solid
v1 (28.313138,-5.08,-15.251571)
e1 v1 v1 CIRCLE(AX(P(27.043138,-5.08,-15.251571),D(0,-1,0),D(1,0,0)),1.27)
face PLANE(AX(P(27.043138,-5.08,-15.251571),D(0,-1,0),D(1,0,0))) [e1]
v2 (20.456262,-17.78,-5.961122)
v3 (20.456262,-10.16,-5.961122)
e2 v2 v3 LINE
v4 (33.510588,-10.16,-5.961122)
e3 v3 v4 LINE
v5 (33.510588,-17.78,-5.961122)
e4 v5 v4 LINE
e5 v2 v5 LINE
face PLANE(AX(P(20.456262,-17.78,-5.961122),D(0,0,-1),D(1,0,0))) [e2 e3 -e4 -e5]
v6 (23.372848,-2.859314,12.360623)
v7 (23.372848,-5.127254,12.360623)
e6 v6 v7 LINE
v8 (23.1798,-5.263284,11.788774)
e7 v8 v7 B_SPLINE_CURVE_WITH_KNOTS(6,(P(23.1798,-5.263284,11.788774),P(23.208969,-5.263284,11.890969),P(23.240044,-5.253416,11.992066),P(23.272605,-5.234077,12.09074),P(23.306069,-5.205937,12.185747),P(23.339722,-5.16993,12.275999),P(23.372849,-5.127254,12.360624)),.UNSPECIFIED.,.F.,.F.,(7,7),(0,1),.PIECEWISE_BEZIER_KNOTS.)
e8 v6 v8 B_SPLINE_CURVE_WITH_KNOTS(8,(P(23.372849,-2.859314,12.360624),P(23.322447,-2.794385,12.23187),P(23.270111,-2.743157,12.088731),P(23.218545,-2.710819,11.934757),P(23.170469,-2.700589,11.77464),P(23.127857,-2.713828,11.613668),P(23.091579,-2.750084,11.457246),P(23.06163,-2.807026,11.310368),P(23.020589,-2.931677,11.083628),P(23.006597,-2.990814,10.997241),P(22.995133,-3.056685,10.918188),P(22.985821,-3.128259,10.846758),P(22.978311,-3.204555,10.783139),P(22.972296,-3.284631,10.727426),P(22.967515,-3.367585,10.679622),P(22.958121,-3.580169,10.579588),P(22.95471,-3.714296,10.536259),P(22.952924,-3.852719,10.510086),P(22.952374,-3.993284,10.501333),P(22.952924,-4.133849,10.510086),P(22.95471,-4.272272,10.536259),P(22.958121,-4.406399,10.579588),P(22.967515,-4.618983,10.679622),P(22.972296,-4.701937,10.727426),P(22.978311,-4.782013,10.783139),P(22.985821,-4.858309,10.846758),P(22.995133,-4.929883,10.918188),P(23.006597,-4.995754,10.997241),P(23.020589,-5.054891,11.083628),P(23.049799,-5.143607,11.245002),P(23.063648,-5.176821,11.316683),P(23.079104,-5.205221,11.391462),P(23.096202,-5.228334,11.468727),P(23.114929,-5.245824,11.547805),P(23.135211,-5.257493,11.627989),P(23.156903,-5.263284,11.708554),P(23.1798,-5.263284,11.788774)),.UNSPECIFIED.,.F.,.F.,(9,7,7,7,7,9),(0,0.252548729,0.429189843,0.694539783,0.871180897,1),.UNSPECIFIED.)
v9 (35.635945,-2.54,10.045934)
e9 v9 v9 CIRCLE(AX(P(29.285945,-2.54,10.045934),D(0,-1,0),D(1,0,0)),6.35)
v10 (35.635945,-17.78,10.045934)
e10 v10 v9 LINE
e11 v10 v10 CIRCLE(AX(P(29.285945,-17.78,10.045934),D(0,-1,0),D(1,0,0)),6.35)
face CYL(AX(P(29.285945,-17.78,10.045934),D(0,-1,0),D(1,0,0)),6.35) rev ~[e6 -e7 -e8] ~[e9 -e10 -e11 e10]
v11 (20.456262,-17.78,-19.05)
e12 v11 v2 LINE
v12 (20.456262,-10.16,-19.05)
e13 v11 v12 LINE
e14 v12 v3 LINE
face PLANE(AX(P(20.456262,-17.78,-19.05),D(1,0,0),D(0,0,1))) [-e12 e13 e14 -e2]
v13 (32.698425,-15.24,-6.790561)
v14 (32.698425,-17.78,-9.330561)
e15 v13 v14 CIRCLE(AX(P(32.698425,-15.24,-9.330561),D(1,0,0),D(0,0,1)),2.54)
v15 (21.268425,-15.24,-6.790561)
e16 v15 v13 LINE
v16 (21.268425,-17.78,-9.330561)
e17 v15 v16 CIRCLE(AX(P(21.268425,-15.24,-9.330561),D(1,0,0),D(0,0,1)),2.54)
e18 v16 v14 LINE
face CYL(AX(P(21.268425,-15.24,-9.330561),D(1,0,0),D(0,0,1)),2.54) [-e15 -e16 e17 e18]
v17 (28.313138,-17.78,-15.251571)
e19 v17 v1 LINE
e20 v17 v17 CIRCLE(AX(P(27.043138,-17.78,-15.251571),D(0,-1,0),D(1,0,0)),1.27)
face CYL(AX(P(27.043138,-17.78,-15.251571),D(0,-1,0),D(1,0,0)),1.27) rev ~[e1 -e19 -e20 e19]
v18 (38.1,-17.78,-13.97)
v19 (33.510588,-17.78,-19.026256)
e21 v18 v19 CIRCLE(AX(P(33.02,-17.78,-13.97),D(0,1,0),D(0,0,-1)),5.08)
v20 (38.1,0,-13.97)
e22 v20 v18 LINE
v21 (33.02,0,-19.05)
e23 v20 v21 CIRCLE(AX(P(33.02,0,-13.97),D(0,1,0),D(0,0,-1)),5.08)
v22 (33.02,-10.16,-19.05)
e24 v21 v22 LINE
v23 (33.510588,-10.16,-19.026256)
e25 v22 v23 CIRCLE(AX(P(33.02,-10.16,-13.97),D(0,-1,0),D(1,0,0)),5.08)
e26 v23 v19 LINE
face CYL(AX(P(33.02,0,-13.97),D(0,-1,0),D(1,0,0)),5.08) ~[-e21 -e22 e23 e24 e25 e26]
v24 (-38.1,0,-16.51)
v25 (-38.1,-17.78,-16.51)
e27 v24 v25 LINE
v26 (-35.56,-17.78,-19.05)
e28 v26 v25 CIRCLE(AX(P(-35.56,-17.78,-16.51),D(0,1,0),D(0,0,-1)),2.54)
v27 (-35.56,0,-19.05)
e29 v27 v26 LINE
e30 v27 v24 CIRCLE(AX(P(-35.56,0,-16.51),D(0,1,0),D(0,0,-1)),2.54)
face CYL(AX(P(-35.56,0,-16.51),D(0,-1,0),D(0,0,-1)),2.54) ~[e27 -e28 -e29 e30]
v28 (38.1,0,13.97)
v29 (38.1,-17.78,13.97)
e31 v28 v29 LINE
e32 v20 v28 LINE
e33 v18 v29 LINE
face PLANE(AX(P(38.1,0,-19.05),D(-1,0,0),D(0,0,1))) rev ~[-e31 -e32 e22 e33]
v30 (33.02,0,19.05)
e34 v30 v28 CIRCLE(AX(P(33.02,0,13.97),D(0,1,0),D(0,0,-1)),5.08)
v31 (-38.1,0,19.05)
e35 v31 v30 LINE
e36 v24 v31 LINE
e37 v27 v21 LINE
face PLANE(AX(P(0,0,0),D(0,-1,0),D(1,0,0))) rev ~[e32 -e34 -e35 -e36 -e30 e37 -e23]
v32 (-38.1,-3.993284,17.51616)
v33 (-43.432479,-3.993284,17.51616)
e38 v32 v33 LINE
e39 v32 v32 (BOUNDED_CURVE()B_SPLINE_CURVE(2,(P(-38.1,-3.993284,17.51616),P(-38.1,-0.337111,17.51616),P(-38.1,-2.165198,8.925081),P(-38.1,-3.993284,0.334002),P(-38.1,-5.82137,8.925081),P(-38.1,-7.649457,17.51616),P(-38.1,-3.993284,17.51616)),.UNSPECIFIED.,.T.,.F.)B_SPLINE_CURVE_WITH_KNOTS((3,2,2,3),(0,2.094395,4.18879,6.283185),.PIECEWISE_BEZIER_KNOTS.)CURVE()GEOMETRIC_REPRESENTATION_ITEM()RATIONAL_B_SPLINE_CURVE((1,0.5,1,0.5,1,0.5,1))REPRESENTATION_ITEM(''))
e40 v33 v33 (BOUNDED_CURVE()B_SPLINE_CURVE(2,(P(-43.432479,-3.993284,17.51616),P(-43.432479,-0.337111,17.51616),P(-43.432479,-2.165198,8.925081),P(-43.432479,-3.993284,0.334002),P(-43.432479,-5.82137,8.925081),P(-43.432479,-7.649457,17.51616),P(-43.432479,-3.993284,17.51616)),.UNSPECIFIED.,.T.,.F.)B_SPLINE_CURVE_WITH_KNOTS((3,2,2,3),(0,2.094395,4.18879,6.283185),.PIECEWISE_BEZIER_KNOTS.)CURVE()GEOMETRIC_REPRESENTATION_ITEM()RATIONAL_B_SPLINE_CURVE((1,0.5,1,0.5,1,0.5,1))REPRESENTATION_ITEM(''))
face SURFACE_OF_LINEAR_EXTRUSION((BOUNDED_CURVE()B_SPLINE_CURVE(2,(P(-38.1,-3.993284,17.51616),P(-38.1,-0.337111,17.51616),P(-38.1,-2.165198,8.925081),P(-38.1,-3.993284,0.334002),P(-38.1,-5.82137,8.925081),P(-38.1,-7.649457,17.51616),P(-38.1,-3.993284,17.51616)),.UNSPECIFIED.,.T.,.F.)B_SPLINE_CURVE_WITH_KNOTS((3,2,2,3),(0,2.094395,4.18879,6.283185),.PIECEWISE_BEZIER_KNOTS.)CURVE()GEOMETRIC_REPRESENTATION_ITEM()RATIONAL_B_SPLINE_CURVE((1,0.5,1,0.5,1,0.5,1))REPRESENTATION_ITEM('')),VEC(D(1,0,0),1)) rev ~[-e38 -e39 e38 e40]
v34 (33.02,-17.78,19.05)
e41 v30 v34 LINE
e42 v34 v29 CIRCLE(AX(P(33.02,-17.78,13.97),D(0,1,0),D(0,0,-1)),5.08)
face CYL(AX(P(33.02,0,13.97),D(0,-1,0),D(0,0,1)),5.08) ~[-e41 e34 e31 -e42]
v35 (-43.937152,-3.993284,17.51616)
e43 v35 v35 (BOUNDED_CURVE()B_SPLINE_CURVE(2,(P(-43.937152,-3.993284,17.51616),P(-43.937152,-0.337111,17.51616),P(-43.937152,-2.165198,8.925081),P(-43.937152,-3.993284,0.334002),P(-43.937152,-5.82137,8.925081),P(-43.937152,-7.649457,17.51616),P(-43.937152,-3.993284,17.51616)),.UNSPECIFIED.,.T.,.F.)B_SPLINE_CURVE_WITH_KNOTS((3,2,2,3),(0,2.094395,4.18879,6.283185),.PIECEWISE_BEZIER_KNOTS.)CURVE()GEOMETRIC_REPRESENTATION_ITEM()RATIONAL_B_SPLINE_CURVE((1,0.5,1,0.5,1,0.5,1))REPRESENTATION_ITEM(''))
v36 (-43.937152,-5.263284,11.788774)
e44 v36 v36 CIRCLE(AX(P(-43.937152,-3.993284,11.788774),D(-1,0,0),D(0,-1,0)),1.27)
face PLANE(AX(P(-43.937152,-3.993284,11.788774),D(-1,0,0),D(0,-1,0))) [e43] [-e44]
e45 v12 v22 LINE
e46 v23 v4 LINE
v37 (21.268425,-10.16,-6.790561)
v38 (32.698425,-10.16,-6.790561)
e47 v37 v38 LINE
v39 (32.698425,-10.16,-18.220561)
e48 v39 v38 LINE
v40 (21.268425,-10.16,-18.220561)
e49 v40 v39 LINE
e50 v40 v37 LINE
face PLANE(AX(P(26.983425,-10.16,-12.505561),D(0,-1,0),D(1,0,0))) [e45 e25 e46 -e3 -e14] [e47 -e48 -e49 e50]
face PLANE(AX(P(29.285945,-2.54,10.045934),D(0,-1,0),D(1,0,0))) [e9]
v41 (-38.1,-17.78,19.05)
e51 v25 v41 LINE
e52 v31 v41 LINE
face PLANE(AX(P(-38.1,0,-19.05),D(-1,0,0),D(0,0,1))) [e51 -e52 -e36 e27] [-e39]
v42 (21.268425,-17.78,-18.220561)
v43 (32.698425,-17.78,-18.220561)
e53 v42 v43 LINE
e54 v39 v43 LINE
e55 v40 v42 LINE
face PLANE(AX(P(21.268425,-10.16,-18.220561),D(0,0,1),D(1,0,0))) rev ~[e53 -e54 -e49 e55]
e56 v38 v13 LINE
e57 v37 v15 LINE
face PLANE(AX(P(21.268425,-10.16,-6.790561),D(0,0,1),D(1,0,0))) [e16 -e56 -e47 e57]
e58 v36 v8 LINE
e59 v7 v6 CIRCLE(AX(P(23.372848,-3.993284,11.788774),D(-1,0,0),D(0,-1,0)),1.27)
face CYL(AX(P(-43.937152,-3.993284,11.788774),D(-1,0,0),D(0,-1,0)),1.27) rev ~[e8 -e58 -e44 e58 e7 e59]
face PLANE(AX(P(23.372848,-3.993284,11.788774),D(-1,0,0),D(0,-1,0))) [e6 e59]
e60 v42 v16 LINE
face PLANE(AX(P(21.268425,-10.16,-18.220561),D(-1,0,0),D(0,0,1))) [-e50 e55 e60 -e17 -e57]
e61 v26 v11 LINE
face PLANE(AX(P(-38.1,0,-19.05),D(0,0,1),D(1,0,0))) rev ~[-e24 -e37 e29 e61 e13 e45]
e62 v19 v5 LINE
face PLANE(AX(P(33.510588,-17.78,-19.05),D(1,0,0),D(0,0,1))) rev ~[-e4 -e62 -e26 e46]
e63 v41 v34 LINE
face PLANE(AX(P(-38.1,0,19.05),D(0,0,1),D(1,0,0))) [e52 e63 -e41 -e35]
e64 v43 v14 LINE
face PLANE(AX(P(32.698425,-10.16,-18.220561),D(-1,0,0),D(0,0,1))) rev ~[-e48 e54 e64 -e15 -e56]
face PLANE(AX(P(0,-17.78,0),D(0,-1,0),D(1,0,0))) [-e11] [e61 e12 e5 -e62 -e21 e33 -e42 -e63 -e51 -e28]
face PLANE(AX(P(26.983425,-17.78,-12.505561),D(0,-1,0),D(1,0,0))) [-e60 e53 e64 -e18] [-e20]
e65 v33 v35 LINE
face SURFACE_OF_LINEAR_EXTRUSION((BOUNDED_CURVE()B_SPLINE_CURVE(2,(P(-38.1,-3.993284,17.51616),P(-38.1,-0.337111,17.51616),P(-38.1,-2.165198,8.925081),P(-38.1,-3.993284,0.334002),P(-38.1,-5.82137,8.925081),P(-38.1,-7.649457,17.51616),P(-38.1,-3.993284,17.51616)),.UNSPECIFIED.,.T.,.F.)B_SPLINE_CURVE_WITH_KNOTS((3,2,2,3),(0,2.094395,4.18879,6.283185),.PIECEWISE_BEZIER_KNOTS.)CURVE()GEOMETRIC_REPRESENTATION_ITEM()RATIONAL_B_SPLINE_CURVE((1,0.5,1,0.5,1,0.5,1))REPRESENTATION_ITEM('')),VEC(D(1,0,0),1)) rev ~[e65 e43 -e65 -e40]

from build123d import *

# Parameters (mm, degrees)
F0_W      = 76.2
F0_H      = 38.1
F1_DEPTH  = 17.78
F2_R      = 6.35
F3_DEPTH  = 15.24
F5_DEPTH  = 5.332479
F6_DEPTH  = 5.837152
F7_R      = 1.27
F8_DEPTH  = 67.31
F9_R      = 5.08
F10_R     = 5.08
F11_W     = 13.054326
F11_H     = 13.088878
F12_DEPTH = 7.62
F13_W     = 11.43
F13_H     = 11.43
F14_DEPTH = 7.62
F15_R     = 2.54
F16_R     = 1.27
F17_DEPTH = 12.7
F18_R     = 2.54


with BuildPart() as f1:
    # F0 (on Front) → F1 (new body)
    with BuildSketch(Plane.XZ):
        Rectangle(F0_W, F0_H)
    extrude(amount=F1_DEPTH)

    # F2 (on face) → F3 (cut)
    with BuildSketch(Plane.XZ.offset(17.78)):
        with Locations((29.285945, 10.045934)):
            Circle(F2_R)
    extrude(amount=-F3_DEPTH, mode=Mode.SUBTRACT)

    # F4 (on face) → F5 (join)
    with BuildSketch(Plane(origin=(-38.1, 0, 0), x_dir=(0, -1, 0), z_dir=(-1, 0, 0))):
        with BuildLine():
            add(Edge.make_bspline(
                [(3.993284, 17.51616), (0.337111, 17.51616), (2.165198, 8.925081), (3.993284, 0.334002), (5.82137, 8.925081), (7.649457, 17.51616), (3.993284, 17.51616)],
                knots=[0, 0, 0, 2.094395, 2.094395, 4.18879, 4.18879, 6.283185, 6.283185, 6.283185], degree=2, weights=[1, 0.5, 1, 0.5, 1, 0.5, 1]))
        make_face()
    extrude(amount=F5_DEPTH)

    # F4 (on face) → F6 (join)
    with BuildSketch(Plane(origin=(-38.1, 0, 0), x_dir=(0, -1, 0), z_dir=(-1, 0, 0))):
        with BuildLine():
            add(Edge.make_bspline(
                [(3.993284, 17.51616), (0.337111, 17.51616), (2.165198, 8.925081), (3.993284, 0.334002), (5.82137, 8.925081), (7.649457, 17.51616), (3.993284, 17.51616)],
                knots=[0, 0, 0, 2.094395, 2.094395, 4.18879, 4.18879, 6.283185, 6.283185, 6.283185], degree=2, weights=[1, 0.5, 1, 0.5, 1, 0.5, 1]))
        make_face()
    extrude(amount=F6_DEPTH)

    # F7 (on face) → F8 (cut)
    with BuildSketch(Plane(origin=(-43.937152, 0, 0), x_dir=(0, -1, 0), z_dir=(-1, 0, 0))):
        with Locations((3.993284, 11.788774)):
            Circle(F7_R)
    extrude(amount=-F8_DEPTH, mode=Mode.SUBTRACT)

    # F9
    f9_edges = [f1.edges().sort_by_distance(p)[0] for p in [
        (38.1, -8.89, 19.05),
    ]]
    fillet(f9_edges, radius=F9_R)

    # F10
    f10_edges = [f1.edges().sort_by_distance(p)[0] for p in [
        (38.1, -8.89, -19.05),
    ]]
    fillet(f10_edges, radius=F10_R)

    # F11 (on face) → F12 (cut)
    with BuildSketch(Plane.XZ.offset(17.78)):
        with Locations((26.983425, -12.505561)):
            Rectangle(F11_W, F11_H)
    extrude(amount=-F12_DEPTH, mode=Mode.SUBTRACT)

    # F13 (on face) → F14 (join)
    with BuildSketch(Plane.XZ.offset(10.16)):
        with Locations((26.983425, -12.505561)):
            Rectangle(F13_W, F13_H)
    extrude(amount=F14_DEPTH)

    # F15
    f15_edges = [f1.edges().sort_by_distance(p)[0] for p in [
        (26.983425, -17.78, -6.790561),
    ]]
    fillet(f15_edges, radius=F15_R)

    # F16 (on face) → F17 (cut)
    with BuildSketch(Plane.XZ.offset(17.78)):
        with Locations((27.043138, -15.251571)):
            Circle(F16_R)
    extrude(amount=-F17_DEPTH, mode=Mode.SUBTRACT)

    # F18
    f18_edges = [f1.edges().sort_by_distance(p)[0] for p in [
        (-38.1, -8.89, -19.05),
    ]]
    fillet(f18_edges, radius=F18_R)


solid = f1.part
